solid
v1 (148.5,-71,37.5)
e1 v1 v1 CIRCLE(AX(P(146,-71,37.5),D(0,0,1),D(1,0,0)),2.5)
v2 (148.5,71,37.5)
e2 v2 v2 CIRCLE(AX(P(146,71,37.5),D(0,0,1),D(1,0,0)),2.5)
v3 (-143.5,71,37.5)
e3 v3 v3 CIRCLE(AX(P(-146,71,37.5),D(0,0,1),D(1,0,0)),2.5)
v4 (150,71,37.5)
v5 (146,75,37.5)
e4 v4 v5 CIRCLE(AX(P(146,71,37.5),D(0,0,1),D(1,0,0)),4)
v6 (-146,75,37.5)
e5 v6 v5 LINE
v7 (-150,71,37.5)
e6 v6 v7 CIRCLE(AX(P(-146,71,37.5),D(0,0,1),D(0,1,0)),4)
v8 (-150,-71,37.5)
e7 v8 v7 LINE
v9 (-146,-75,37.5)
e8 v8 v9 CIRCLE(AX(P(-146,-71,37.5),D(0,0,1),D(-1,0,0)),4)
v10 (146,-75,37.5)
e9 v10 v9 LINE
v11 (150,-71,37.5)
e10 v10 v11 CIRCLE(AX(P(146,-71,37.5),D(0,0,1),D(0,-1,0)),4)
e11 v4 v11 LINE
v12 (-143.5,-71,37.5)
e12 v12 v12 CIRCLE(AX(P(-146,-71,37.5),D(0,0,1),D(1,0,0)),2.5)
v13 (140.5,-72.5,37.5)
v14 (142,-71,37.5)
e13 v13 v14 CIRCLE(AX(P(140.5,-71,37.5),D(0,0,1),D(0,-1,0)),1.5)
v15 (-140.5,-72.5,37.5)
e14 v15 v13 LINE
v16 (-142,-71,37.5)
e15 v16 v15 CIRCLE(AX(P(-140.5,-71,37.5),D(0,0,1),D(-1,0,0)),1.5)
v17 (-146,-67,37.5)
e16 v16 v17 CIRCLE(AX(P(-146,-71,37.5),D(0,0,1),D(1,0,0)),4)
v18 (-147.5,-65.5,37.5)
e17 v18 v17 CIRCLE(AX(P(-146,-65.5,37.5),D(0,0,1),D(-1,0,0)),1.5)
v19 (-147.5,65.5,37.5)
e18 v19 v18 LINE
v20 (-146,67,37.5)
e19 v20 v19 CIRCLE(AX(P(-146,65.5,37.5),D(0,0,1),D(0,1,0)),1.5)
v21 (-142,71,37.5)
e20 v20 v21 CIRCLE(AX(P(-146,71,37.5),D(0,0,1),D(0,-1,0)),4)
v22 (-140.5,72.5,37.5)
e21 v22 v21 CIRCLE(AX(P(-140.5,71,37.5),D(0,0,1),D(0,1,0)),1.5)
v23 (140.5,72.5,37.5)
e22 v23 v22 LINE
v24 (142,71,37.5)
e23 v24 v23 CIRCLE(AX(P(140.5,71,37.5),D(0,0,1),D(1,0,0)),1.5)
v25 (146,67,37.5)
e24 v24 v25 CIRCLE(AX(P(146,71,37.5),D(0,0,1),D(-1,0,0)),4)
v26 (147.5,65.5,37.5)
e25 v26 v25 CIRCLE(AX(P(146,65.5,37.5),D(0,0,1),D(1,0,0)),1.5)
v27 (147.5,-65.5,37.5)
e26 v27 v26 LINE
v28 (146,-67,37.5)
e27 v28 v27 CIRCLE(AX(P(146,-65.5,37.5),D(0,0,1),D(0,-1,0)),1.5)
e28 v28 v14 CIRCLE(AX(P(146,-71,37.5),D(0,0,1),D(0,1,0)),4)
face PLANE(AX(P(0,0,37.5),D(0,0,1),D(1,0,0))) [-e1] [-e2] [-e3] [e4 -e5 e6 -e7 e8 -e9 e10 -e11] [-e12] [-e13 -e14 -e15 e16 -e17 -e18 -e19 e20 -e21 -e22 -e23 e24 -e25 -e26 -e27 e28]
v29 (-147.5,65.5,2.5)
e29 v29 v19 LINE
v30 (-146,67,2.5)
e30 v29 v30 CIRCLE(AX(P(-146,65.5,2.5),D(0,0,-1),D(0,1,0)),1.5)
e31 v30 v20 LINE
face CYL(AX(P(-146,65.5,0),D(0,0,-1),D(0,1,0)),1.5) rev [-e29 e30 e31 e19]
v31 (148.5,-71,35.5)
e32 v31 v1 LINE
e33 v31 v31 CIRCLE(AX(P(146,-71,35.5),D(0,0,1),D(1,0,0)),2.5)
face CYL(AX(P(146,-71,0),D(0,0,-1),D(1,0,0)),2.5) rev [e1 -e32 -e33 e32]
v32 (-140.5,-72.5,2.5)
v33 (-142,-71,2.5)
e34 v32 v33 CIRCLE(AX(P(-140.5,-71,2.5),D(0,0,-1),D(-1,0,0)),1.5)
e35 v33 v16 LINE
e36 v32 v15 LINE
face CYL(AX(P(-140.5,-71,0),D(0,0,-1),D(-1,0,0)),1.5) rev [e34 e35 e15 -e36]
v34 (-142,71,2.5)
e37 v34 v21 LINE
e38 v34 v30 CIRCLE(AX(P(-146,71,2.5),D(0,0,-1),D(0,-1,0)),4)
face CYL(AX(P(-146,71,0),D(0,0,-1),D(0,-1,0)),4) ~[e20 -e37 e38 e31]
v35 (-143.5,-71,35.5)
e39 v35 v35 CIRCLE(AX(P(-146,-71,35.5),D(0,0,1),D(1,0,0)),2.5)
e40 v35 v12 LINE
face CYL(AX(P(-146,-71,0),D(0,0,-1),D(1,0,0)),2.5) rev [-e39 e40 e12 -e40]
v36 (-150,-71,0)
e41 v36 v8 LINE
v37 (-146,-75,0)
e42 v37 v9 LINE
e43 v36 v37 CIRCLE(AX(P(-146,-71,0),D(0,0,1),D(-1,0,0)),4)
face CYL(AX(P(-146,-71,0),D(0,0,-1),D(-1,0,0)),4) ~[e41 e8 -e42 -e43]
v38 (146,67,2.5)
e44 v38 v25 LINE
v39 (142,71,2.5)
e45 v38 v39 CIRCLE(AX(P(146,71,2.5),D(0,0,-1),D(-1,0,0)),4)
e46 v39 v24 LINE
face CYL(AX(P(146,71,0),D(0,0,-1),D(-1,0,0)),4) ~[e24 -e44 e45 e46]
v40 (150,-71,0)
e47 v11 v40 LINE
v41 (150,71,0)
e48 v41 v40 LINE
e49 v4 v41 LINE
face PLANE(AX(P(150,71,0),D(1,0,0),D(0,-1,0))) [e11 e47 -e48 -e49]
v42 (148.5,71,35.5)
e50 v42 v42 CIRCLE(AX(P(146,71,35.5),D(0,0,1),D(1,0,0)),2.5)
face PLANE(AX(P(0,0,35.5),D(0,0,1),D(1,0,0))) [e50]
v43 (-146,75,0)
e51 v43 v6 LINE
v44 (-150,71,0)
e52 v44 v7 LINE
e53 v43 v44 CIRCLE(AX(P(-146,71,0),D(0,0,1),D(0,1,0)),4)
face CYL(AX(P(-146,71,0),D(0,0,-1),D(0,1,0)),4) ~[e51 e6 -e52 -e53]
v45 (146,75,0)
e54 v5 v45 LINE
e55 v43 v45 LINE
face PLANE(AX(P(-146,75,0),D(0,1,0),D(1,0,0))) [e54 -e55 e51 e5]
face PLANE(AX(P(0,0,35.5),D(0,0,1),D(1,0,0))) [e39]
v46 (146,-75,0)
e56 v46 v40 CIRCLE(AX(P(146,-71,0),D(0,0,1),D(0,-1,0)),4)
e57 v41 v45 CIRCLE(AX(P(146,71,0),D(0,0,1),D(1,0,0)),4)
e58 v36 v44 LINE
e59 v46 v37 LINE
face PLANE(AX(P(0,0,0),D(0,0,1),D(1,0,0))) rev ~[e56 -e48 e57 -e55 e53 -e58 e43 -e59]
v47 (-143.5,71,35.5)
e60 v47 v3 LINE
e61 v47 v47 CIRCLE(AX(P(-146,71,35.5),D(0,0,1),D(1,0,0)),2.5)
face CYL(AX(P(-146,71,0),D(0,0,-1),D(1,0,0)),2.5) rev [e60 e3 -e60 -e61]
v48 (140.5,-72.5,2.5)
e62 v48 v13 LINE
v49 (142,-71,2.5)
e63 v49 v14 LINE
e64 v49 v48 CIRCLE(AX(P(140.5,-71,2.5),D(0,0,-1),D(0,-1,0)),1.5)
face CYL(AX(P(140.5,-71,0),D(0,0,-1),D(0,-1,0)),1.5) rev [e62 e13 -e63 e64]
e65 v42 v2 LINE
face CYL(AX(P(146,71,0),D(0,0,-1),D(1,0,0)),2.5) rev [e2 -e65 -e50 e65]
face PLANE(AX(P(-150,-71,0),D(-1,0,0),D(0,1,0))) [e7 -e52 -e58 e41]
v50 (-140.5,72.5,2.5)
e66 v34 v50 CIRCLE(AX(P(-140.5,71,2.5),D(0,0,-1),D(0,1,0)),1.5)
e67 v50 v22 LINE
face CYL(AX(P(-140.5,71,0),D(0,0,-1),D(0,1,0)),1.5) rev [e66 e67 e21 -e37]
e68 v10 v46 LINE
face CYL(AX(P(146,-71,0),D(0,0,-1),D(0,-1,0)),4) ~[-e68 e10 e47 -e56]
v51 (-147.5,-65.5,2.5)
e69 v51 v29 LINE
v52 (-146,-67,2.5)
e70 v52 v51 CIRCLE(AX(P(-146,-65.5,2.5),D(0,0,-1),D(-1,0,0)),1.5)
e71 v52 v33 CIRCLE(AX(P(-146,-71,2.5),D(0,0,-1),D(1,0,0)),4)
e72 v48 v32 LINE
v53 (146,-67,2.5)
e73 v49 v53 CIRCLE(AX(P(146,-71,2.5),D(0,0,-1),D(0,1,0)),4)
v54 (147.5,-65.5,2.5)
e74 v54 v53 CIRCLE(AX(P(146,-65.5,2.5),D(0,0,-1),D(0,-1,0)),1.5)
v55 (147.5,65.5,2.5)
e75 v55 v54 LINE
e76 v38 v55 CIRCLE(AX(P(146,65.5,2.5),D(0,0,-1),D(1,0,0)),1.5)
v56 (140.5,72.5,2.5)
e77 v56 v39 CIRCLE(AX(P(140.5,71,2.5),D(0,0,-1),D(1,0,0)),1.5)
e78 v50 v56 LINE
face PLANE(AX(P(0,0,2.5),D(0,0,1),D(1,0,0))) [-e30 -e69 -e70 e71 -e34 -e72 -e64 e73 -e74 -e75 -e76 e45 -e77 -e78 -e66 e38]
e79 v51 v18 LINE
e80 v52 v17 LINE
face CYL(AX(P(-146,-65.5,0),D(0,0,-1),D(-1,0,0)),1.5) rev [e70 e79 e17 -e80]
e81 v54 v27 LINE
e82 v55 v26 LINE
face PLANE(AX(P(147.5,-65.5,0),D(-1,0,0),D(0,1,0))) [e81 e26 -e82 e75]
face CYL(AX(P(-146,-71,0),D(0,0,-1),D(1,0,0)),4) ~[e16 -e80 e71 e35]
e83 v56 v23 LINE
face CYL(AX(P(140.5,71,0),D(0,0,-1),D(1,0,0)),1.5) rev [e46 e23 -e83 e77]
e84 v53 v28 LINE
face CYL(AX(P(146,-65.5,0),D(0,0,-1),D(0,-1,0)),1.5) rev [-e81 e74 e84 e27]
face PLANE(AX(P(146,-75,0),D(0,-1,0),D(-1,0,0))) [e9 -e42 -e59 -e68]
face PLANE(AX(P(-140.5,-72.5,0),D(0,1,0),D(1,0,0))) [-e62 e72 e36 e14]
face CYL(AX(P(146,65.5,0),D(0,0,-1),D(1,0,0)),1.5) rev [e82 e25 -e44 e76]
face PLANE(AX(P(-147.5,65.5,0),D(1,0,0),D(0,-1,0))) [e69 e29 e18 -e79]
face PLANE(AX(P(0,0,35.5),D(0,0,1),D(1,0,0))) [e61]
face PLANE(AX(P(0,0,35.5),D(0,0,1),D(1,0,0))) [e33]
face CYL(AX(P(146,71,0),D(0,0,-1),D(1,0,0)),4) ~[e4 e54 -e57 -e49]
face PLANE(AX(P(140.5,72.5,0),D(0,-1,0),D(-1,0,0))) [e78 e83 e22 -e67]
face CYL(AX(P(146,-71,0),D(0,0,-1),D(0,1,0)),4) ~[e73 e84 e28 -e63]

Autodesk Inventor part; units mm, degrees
ref_plane "YZ Plane" through (0, 0, 0) normal (1, 0, 0) x (0, 1, 0)
ref_plane "XZ Plane" through (0, 0, 0) normal (0, 1, 0) x (-1, 0, 0)
ref_plane "XY Plane" through (0, 0, 0) normal (0, 0, 1) x (1, 0, 0)
sketch "Sketch1" plane through (0, 0, 0) normal (0, 0, 1) x (1, 0, 0)
  line L0 (-150, -75) -> (150, -75) construction
  line L1 (150, -75) -> (150, 75) construction
  line L2 (150, 75) -> (-150, 75) construction
  line L3 (-150, 75) -> (-150, -75) construction
  line L4 (-150, -75) -> (150, 75) construction
  line L5 (150, -75) -> (-150, 75) construction
  line L6 (147.5, -72.5) -> (-147.5, -72.5) construction
  line L7 (-147.5, -72.5) -> (-147.5, 72.5) construction
  line L8 (-147.5, 72.5) -> (147.5, 72.5) construction
  line L9 (147.5, 72.5) -> (147.5, -72.5) construction
  line L10 (147.5, -72.5) -> (-147.5, 72.5) construction
  line L11 (-147.5, -72.5) -> (147.5, 72.5) construction
  line L12 (-150, 75) -> (-146, 75) construction
  line L13 (-146, 75) -> (-146, 71) construction
  line L14 (-146, 71) -> (-150, 71) construction
  line L15 (-150, 71) -> (-150, 75) construction
  arc A0 (-146, 75) -> (-150, 71) centre (-146, 71) ccw
  line L16 (-150, -75) -> (-146, -75) construction
  line L17 (-146, -75) -> (-146, -71) construction
  line L18 (-146, -71) -> (-150, -71) construction
  line L19 (-150, -71) -> (-150, -75) construction
  line L20 (150, -75) -> (146, -75) construction
  line L21 (146, -75) -> (146, -71) construction
  line L22 (146, -71) -> (150, -71) construction
  line L23 (150, -71) -> (150, -75) construction
  line L24 (150, 75) -> (146, 75) construction
  line L25 (146, 75) -> (146, 71) construction
  line L26 (146, 71) -> (150, 71) construction
  line L27 (150, 71) -> (150, 75) construction
  line L28 (-146, 75) -> (146, 75)
  arc A1 (150, 71) -> (146, 75) centre (146, 71) ccw
  line L29 (150, 71) -> (150, -71)
  arc A2 (146, -75) -> (150, -71) centre (146, -71) ccw
  line L30 (146, -75) -> (-146, -75)
  arc A3 (-150, -71) -> (-146, -75) centre (-146, -71) ccw
  line L31 (-150, -71) -> (-150, 71)
  circle A4 centre (-146, 71) radius 2.5
  circle A5 centre (-146, -71) radius 2.5
  circle A6 centre (146, -71) radius 2.5
  circle A7 centre (146, 71) radius 2.5
  line L32 (-146, 71) -> (-142, 71) construction
  line L33 (-142, 71) -> (-142, 67) construction
  line L34 (-142, 67) -> (-146, 67) construction
  line L35 (-146, 67) -> (-146, 71) construction
  line L36 (-146, -71) -> (-142, -71) construction
  line L37 (-142, -71) -> (-142, -67) construction
  line L38 (-142, -67) -> (-146, -67) construction
  line L39 (-146, -67) -> (-146, -71) construction
  line L40 (146, -71) -> (142, -71) construction
  line L41 (142, -71) -> (142, -67) construction
  line L42 (142, -67) -> (146, -67) construction
  line L43 (146, -67) -> (146, -71) construction
  line L44 (146, 71) -> (142, 71) construction
  line L45 (142, 71) -> (142, 67) construction
  line L46 (142, 67) -> (146, 67) construction
  line L47 (146, 67) -> (146, 71) construction
  arc A8 (-146, 67) -> (-142, 71) centre (-146, 71) ccw
  arc A9 (-142, -71) -> (-146, -67) centre (-146, -71) ccw
  arc A10 (146, -67) -> (142, -71) centre (146, -71) ccw
  arc A11 (142, 71) -> (146, 67) centre (146, 71) ccw
  line L48 (-142, 71) -> (-140.5, 71) construction
  line L49 (-140.5, 71) -> (-140.5, 72.5) construction
  line L50 (-140.5, 72.5) -> (-142, 72.5) construction
  line L51 (-142, 72.5) -> (-142, 71) construction
  line L52 (-146, 67) -> (-147.5, 67) construction
  line L53 (-147.5, 67) -> (-147.5, 65.5) construction
  line L54 (-147.5, 65.5) -> (-146, 65.5) construction
  line L55 (-146, 65.5) -> (-146, 67) construction
  line L56 (142, 71) -> (140.5, 71) construction
  line L57 (140.5, 71) -> (140.5, 72.5) construction
  line L58 (140.5, 72.5) -> (142, 72.5) construction
  line L59 (142, 72.5) -> (142, 71) construction
  line L60 (146, 67) -> (147.5, 67) construction
  line L61 (147.5, 67) -> (147.5, 65.5) construction
  line L62 (147.5, 65.5) -> (146, 65.5) construction
  line L63 (146, 65.5) -> (146, 67) construction
  line L64 (146, -67) -> (147.5, -67) construction
  line L65 (147.5, -67) -> (147.5, -65.5) construction
  line L66 (147.5, -65.5) -> (146, -65.5) construction
  line L67 (146, -65.5) -> (146, -67) construction
  line L68 (142, -71) -> (140.5, -71) construction
  line L69 (140.5, -71) -> (140.5, -72.5) construction
  line L70 (140.5, -72.5) -> (142, -72.5) construction
  line L71 (142, -72.5) -> (142, -71) construction
  line L72 (-142, -71) -> (-140.5, -71) construction
  line L73 (-140.5, -71) -> (-140.5, -72.5) construction
  line L74 (-140.5, -72.5) -> (-142, -72.5) construction
  line L75 (-142, -72.5) -> (-142, -71) construction
  line L76 (-146, -67) -> (-147.5, -67) construction
  line L77 (-147.5, -67) -> (-147.5, -65.5) construction
  line L78 (-147.5, -65.5) -> (-146, -65.5) construction
  line L79 (-146, -65.5) -> (-146, -67) construction
  arc A12 (-147.5, -65.5) -> (-146, -67) centre (-146, -65.5) ccw
  arc A13 (-142, -71) -> (-140.5, -72.5) centre (-140.5, -71) ccw
  arc A14 (-140.5, 72.5) -> (-142, 71) centre (-140.5, 71) ccw
  arc A15 (-146, 67) -> (-147.5, 65.5) centre (-146, 65.5) ccw
  arc A16 (140.5, -72.5) -> (142, -71) centre (140.5, -71) ccw
  arc A17 (146, -67) -> (147.5, -65.5) centre (146, -65.5) ccw
  line L80 (147.5, -65.5) -> (147.5, 65.5)
  arc A18 (147.5, 65.5) -> (146, 67) centre (146, 65.5) ccw
  arc A19 (142, 71) -> (140.5, 72.5) centre (140.5, 71) ccw
  line L81 (140.5, 72.5) -> (-140.5, 72.5)
  line L82 (-147.5, 65.5) -> (-147.5, -65.5)
  line L83 (-140.5, -72.5) -> (140.5, -72.5)
  line L84 (146, 75) -> (-146, 75)
  arc A20 (-146, 75) -> (-150, 71) centre (-146, 71) ccw
  line L85 (-150, 71) -> (-150, -71)
  arc A21 (-150, -71) -> (-146, -75) centre (-146, -71) ccw
  line L86 (-146, -75) -> (146, -75)
  arc A22 (146, -75) -> (150, -71) centre (146, -71) ccw
  line L87 (150, -71) -> (150, 71)
  arc A23 (150, 71) -> (146, 75) centre (146, 71) ccw
  arc A24 (142, 71) -> (146, 67) centre (146, 71) ccw
  arc A25 (142, 71) -> (140.5, 72.5) centre (140.5, 71) ccw
  line L88 (140.5, 72.5) -> (-140.5, 72.5)
  arc A26 (-140.5, 72.5) -> (-142, 71) centre (-140.5, 71) ccw
  arc A27 (-146, 67) -> (-142, 71) centre (-146, 71) ccw
  arc A28 (-146, 67) -> (-147.5, 65.5) centre (-146, 65.5) ccw
  line L89 (-147.5, 65.5) -> (-147.5, -65.5)
  arc A29 (-147.5, -65.5) -> (-146, -67) centre (-146, -65.5) ccw
  arc A30 (-142, -71) -> (-146, -67) centre (-146, -71) ccw
  arc A31 (-142, -71) -> (-140.5, -72.5) centre (-140.5, -71) ccw
  line L90 (-140.5, -72.5) -> (140.5, -72.5)
  arc A32 (140.5, -72.5) -> (142, -71) centre (140.5, -71) ccw
  arc A33 (146, -67) -> (142, -71) centre (146, -71) ccw
  arc A34 (146, -67) -> (147.5, -65.5) centre (146, -65.5) ccw
  line L91 (147.5, -65.5) -> (147.5, 65.5)
  arc A35 (147.5, 65.5) -> (146, 67) centre (146, 65.5) ccw
  point P0 (0, 0)
  dimension "d0" = 300
  dimension "d1" = 150
  dimension "d2" = 295
  dimension "d3" = 145
  dimension "d4" = 4
  dimension "d5" = 4
  dimension "d6" = 4
  dimension "d7" = 4
  dimension "d8" = 4
  dimension "d9" = 4
  dimension "d10" = 4
  dimension "d11" = 4
  dimension "d12" = 4
  dimension "d13" = 4
  dimension "d14" = 4
  dimension "d15" = 4
  dimension "d16" = 5
  dimension "d17" = 5
  dimension "d18" = 5
  dimension "d19" = 5
  dimension "d20" = 4
  dimension "d21" = 4
  dimension "d22" = 4
  dimension "d23" = 4
  dimension "d24" = 4
  dimension "d25" = 4
  dimension "d26" = 4
  dimension "d27" = 4
  dimension "d28" = 4
  dimension "d29" = 4
  dimension "d30" = 4
  dimension "d31" = 4
  dimension "d32" = 1.5
  dimension "d33" = 1.5
  dimension "d34" = 1.5
  dimension "d35" = 1.5
  dimension "d36" = 1.5
  dimension "d37" = 1.5
  dimension "d38" = 1.5
  dimension "d39" = 1.5
  dimension "d40" = 1.5
  dimension "d41" = 1.5
  dimension "d42" = 1.5
  dimension "d43" = 1.5
  dimension "d44" = 1.5
  dimension "d45" = 1.5
  dimension "d46" = 1.5
  dimension "d47" = 1.5
  dimension "d48" = 1.5
  dimension "d49" = 1.5
  dimension "d50" = 1.5
  dimension "d51" = 1.5
  dimension "d52" = 1.5
  dimension "d53" = 1.5
  dimension "d54" = 1.5
  dimension "d55" = 1.5
extrude "Extrusion1" add sketch "Sketch1" along normal blind 2.5 contours L28 A1 L29 A2 L30 A3 L31 A0 | A8 A14 L81 A19 A11 A18 L80 A17 A10 A16 L83 A13 A9 A12 L82 A15
extrude "Extrusion2" add sketch "Sketch1" along normal blind 37.5
extrude "Extrusion3" add sketch "Sketch1" along normal blind 35.5 contours A4 | A5 | A6 | A7
equation "\"d21\" = d20"
properties part number "electronics_box"
